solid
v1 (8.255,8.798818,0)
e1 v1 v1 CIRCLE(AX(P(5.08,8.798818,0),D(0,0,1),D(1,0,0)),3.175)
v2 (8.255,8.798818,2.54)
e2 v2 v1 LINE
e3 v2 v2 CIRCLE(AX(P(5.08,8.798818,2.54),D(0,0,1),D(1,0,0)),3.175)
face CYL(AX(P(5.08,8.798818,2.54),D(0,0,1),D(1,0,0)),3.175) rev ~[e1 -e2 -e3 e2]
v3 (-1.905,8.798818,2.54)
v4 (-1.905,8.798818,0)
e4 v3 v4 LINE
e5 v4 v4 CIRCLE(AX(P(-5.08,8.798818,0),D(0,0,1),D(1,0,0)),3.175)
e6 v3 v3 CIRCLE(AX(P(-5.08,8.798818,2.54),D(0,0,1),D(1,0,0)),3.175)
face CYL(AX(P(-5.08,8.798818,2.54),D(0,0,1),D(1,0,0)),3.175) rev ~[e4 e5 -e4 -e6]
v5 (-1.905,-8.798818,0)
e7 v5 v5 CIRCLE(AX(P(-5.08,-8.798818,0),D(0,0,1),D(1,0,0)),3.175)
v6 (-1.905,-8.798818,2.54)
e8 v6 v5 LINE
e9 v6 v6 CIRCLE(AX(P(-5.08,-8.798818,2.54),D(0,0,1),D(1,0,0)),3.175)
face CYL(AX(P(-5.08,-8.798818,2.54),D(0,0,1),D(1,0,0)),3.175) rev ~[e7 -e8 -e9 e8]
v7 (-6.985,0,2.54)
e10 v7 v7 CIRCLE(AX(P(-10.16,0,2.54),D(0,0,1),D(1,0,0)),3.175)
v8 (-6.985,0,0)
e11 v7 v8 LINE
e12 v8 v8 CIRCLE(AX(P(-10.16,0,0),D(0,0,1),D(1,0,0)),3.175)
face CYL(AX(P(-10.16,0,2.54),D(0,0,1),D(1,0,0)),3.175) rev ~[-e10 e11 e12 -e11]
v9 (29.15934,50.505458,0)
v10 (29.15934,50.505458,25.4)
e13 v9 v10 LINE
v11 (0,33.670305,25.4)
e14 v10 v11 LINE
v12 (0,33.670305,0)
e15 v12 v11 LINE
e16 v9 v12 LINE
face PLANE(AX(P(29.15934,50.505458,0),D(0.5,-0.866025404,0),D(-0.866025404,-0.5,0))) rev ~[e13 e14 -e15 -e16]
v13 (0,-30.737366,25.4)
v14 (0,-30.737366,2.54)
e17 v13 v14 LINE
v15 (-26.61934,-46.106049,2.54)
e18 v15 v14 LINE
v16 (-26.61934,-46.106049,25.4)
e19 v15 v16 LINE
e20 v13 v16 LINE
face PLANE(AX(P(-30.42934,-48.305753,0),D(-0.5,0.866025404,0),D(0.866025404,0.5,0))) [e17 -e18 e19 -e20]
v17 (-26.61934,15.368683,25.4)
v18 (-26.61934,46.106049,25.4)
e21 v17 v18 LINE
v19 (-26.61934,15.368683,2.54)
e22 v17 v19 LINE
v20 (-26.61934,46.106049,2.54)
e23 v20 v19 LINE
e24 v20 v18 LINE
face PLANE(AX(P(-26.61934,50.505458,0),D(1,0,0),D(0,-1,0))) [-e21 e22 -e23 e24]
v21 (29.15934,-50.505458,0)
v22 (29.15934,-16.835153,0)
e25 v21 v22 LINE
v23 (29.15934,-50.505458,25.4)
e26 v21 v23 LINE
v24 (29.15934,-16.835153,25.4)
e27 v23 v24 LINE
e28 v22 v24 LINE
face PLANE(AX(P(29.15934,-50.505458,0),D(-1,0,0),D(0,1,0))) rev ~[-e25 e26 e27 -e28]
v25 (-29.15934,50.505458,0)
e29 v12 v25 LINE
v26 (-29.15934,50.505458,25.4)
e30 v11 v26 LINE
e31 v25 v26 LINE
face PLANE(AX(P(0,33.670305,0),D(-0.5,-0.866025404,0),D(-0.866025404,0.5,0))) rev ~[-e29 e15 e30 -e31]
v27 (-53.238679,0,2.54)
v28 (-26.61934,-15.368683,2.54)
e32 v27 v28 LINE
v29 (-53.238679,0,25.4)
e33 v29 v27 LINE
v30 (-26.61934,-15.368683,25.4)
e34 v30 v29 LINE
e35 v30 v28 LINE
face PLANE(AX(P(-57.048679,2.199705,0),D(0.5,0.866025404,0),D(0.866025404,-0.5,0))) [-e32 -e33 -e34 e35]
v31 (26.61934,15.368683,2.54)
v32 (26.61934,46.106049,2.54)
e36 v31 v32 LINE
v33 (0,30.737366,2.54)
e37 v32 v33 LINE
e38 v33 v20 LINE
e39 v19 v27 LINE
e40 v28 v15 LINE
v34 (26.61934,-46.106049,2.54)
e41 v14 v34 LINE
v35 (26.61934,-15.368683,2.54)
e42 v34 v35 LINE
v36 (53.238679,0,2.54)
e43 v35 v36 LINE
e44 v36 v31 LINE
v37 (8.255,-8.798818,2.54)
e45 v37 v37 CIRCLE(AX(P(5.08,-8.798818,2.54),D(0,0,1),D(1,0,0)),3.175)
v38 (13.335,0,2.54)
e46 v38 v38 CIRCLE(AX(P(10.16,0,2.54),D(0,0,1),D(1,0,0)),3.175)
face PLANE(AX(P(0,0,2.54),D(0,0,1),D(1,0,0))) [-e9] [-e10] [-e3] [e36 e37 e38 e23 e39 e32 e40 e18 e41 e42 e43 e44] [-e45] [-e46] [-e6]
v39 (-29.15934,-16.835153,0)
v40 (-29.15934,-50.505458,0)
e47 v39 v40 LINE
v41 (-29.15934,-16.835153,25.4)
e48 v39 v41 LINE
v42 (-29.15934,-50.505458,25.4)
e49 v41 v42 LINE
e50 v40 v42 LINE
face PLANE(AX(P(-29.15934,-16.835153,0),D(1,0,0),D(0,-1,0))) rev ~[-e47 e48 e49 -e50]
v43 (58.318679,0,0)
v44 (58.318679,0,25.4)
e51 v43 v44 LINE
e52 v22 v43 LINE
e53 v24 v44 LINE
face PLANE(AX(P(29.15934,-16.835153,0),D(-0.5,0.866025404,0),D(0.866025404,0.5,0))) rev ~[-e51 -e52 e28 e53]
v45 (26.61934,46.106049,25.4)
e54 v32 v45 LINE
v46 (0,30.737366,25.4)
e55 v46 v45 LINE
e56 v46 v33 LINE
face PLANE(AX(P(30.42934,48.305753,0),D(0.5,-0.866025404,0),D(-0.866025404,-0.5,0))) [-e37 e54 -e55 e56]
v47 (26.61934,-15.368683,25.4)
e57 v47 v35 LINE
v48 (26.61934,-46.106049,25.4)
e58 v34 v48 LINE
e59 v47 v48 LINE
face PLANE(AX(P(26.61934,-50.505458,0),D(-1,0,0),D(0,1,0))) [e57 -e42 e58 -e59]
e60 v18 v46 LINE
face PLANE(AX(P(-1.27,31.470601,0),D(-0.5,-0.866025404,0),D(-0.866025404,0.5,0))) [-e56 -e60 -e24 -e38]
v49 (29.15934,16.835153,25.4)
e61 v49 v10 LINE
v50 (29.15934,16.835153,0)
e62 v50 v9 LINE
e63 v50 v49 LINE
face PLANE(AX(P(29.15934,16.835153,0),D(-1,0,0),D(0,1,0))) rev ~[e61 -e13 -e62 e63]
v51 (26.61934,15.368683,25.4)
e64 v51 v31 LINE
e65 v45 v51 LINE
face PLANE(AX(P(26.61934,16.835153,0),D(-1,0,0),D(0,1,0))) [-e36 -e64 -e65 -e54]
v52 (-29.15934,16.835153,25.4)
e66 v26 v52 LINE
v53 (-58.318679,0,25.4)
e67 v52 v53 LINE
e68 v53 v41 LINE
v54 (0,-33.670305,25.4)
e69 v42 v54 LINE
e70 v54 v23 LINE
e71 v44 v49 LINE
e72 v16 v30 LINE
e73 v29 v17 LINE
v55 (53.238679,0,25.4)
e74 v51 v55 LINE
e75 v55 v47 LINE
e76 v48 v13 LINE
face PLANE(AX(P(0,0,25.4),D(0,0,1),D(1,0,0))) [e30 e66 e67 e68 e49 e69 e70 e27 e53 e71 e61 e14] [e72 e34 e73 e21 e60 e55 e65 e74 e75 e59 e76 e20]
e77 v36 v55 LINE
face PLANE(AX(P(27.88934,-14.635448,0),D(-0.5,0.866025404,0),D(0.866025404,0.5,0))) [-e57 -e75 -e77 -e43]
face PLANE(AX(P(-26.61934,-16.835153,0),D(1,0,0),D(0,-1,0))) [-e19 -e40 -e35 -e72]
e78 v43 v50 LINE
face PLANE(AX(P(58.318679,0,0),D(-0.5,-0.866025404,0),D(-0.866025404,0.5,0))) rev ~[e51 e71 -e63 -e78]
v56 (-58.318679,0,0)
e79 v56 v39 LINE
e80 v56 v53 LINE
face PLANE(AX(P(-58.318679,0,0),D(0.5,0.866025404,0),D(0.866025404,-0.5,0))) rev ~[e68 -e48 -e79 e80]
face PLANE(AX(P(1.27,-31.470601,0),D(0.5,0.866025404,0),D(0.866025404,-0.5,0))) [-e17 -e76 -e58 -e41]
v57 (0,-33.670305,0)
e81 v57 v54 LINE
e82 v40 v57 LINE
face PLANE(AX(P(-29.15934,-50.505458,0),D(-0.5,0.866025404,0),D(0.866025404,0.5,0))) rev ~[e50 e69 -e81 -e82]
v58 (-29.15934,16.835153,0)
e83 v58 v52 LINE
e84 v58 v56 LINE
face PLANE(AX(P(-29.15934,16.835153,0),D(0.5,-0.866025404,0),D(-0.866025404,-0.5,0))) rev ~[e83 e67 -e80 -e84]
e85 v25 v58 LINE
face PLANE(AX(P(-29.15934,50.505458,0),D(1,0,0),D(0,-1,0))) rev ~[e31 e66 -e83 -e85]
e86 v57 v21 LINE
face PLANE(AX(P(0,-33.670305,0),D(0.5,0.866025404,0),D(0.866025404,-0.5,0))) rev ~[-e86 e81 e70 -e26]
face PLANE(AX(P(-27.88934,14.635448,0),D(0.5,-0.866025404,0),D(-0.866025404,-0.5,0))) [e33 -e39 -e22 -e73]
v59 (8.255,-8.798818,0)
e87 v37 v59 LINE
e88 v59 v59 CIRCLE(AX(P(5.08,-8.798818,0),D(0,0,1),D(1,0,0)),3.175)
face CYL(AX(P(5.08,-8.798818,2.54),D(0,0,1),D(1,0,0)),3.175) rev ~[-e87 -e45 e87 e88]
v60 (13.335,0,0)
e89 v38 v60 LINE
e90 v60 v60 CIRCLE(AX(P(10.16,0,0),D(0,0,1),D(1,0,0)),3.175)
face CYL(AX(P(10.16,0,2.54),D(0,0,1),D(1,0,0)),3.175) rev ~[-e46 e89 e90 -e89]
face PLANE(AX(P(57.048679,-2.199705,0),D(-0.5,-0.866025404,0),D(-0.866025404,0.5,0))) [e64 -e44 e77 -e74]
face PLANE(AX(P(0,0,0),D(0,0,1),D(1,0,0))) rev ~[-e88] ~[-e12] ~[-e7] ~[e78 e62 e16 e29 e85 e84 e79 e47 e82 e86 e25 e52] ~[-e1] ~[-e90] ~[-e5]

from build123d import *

# Parameters (mm, degrees)
F1_DEPTH = 25.4
F2_T     = -2.54
F3_R     = 3.175
F4_DEPTH = 25.4


with BuildPart() as f1:
    # F0 (on Top) → F1 (new body)
    with BuildSketch(Plane.XY):
        Polygon((-58.3186791779, 0), (-29.159339589, -16.8351525611), (-29.159339589, -50.5054576833), (0, -33.6703051222), (29.159339589, -50.5054576833), (29.159339589, -16.8351525611), (58.3186791779, 0), (29.159339589, 16.8351525611), (29.159339589, 50.5054576833), (0, 33.6703051222), (-29.159339589, 50.5054576833), (-29.159339589, 16.8351525611), align=None)
    extrude(amount=F1_DEPTH)

    # F2
    f2_openings = [f1.faces().sort_by_distance(p)[0] for p in [
        (0, 0, 25.4),
    ]]
    offset(amount=F2_T, openings=f2_openings, kind=Kind.INTERSECTION)

    # F3 (on face) → F4 (cut)
    with BuildSketch(Plane.XY.offset(2.54)):
        with Locations((5.08, 8.7988181024)):
            Circle(F3_R)
        with Locations((10.16, 0)):
            Circle(F3_R)
        with Locations((5.08, -8.7988181024)):
            Circle(F3_R)
        with Locations((-5.08, -8.7988181024)):
            Circle(F3_R)
        with Locations((-10.16, 0)):
            Circle(F3_R)
        with Locations((-5.08, 8.7988181024)):
            Circle(F3_R)
    extrude(amount=-F4_DEPTH, mode=Mode.SUBTRACT)


solid = f1.part
